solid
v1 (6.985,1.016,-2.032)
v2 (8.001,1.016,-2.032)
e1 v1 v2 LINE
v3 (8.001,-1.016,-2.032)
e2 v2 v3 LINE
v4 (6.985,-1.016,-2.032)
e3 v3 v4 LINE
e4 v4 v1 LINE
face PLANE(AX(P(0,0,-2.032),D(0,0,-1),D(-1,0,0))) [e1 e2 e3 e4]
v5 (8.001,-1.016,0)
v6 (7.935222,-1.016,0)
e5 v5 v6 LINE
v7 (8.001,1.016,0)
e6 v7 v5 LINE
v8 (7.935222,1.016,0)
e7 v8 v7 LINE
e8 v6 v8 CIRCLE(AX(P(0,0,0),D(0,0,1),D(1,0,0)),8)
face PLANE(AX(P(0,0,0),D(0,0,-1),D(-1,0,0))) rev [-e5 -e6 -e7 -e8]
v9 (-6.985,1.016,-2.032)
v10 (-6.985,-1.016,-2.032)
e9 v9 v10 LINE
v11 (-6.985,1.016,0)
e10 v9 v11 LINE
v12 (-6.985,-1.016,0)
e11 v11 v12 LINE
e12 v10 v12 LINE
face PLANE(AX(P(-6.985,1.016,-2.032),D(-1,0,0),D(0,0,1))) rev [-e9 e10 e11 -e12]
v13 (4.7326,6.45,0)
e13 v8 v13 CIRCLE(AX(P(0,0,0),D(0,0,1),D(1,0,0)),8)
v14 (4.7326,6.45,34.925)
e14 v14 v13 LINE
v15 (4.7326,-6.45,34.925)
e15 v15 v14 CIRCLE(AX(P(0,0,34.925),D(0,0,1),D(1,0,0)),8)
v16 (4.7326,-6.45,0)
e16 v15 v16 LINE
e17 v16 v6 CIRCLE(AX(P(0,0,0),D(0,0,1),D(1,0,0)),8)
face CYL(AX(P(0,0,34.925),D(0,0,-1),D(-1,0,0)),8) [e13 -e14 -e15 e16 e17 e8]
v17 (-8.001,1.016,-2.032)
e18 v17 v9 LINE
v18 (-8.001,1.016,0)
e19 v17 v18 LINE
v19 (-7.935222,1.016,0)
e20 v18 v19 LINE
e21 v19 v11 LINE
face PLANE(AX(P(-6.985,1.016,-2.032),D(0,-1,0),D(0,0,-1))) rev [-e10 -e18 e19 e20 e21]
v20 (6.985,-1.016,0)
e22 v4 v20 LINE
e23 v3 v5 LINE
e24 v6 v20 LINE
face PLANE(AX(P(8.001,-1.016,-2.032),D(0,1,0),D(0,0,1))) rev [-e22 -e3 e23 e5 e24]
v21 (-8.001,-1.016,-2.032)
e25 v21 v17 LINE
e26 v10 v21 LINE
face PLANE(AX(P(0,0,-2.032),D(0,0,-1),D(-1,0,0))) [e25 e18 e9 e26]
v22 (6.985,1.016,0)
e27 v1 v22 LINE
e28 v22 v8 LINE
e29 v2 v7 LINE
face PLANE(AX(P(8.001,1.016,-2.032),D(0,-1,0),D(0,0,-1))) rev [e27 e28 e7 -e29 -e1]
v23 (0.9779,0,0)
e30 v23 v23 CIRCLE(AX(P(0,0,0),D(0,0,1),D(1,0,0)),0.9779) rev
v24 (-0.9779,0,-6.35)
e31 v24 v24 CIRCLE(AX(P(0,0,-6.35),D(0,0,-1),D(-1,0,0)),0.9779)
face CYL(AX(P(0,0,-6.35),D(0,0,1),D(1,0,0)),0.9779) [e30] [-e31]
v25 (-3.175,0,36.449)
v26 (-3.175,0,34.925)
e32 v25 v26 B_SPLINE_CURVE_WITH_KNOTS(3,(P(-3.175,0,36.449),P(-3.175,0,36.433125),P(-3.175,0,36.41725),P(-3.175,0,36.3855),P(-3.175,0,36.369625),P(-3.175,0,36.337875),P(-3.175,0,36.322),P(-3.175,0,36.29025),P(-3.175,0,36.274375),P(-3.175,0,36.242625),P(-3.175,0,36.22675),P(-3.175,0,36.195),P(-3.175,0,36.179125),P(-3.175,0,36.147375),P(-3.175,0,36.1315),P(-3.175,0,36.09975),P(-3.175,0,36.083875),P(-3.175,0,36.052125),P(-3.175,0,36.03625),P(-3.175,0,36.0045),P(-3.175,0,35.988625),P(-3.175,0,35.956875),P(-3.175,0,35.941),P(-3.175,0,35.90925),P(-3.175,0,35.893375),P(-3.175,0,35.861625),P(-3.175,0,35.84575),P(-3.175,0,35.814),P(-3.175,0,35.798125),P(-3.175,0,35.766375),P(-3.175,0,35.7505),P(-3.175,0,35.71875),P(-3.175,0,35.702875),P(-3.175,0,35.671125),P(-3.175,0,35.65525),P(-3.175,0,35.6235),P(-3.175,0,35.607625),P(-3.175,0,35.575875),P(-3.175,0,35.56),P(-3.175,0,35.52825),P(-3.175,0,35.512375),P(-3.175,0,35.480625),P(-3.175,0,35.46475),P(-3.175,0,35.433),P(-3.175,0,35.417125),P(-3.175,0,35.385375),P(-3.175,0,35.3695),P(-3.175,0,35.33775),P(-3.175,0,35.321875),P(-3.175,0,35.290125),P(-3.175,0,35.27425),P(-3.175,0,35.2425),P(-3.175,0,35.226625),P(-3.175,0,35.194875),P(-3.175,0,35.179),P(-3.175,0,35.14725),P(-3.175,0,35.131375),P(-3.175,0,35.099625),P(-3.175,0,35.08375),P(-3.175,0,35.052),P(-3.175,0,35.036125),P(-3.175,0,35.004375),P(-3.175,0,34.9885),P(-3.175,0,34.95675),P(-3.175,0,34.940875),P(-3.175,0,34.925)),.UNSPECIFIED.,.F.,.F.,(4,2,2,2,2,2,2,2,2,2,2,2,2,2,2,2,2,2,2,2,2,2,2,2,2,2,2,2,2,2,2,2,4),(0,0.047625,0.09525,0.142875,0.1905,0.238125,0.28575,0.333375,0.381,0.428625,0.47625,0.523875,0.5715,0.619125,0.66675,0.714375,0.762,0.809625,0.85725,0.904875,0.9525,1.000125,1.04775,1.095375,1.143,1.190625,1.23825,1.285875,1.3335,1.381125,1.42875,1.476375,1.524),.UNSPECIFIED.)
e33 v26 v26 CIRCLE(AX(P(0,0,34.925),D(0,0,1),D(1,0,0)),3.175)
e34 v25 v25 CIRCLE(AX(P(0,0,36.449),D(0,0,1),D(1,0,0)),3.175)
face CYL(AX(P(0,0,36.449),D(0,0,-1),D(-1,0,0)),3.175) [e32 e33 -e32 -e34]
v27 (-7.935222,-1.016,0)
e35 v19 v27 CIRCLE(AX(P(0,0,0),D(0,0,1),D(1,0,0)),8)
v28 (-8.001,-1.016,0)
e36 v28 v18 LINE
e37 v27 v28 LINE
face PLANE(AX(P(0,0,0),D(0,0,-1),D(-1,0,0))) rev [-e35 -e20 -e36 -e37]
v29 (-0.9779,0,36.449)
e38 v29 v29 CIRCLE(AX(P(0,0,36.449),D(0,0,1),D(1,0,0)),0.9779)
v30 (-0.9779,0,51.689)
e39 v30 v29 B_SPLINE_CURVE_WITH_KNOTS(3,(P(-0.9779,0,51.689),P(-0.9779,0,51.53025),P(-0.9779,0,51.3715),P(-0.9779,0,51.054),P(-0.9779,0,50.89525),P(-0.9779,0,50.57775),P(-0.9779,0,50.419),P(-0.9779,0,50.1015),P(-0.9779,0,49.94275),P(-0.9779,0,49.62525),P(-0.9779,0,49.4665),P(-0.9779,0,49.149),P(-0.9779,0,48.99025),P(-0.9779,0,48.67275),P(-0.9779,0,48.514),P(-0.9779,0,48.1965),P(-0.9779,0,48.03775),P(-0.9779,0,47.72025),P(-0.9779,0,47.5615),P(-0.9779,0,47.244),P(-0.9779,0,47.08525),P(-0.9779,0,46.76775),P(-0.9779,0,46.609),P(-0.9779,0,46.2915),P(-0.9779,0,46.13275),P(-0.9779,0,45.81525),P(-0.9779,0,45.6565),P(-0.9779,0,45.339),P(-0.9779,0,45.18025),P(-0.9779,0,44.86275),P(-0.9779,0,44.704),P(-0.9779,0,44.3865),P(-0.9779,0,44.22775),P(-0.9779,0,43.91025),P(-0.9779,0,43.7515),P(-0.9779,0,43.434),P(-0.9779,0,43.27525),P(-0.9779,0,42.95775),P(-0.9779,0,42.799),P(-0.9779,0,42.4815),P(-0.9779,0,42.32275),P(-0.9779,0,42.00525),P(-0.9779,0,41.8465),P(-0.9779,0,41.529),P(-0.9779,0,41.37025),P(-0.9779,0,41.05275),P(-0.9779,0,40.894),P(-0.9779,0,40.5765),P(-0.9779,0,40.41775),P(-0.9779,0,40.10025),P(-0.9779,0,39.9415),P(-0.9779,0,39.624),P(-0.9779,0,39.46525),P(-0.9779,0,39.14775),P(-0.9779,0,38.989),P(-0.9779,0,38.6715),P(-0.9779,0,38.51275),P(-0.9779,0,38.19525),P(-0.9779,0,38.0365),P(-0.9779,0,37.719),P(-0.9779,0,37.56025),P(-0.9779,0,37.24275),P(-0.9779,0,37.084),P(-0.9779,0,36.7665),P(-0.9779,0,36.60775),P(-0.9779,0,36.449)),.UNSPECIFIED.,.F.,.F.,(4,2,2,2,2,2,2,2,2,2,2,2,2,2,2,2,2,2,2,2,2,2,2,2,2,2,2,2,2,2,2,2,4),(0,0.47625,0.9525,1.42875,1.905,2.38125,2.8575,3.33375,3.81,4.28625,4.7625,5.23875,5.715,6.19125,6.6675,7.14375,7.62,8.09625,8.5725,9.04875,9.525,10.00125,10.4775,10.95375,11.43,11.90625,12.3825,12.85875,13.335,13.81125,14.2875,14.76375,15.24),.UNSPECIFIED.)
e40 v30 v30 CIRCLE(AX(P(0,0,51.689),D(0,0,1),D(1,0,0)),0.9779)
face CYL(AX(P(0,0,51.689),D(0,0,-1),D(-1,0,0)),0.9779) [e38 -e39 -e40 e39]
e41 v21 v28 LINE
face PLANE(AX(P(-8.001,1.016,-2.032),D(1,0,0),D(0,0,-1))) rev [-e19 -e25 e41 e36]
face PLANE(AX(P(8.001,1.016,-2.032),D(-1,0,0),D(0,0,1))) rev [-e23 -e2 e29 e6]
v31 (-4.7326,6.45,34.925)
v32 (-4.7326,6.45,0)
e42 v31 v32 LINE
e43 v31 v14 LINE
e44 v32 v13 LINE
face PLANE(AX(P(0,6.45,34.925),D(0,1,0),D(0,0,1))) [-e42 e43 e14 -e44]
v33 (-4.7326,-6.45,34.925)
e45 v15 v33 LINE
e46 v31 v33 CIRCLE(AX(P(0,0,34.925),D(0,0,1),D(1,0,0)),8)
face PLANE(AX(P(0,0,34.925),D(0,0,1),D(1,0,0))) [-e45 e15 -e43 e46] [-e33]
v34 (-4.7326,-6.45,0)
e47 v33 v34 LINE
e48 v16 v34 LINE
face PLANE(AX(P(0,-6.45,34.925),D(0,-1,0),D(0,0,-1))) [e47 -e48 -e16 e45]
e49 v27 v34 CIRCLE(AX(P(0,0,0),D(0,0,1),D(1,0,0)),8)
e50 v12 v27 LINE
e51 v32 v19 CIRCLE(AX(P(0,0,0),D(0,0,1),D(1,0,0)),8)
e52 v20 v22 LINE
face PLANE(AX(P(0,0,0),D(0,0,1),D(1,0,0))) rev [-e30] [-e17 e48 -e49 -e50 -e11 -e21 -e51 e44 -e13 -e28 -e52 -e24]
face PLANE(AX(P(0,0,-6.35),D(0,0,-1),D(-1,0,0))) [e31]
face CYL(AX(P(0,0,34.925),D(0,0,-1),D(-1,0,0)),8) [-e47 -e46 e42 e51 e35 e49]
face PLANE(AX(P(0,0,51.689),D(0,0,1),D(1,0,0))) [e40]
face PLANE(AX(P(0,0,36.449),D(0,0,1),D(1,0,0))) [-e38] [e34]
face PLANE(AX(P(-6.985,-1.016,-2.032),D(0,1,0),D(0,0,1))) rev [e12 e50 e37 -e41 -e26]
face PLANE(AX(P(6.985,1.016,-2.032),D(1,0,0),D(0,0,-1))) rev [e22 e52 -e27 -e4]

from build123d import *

# Parameters (mm, degrees)
BOSS_EXTRUDE1_DEPTH = 34.925
SKETCH2_R           = 3.175
BOSS_EXTRUDE2_DEPTH = 1.524
SKETCH3_R           = 0.9779
BOSS_EXTRUDE3_DEPTH = 15.24
BOSS_EXTRUDE4_START = 6.35
SKETCH4_R           = 0.9779
BOSS_EXTRUDE4_DEPTH = 6.35
SKETCH5_W           = 1.016
SKETCH5_H           = 2.032
BOSS_EXTRUDE5_DEPTH = 2.032


with BuildPart() as part:
    # Sketch1 → Boss-Extrude1 (new body)
    with BuildSketch(Plane.XY):
        with BuildLine():
            Line((4.732599708, 6.45), (-4.732599708, 6.45))
            ThreePointArc((-4.732599708, 6.45), (-8, 0), (-4.732599708, -6.45))
            Line((-4.732599708, -6.45), (4.732599708, -6.45))
            ThreePointArc((4.732599708, -6.45), (7.136553708, -3.615190336), (8, 0))
            ThreePointArc((8, 0), (7.136553708, 3.615190336), (4.732599708, 6.45))
        make_face()
    extrude(amount=BOSS_EXTRUDE1_DEPTH)

    # Sketch2 → Boss-Extrude2 (add)
    with BuildSketch(Plane.XY.offset(34.925)):
        with Locations(Location((0, 0, 0), (0, 0, 180))):
            Circle(SKETCH2_R)
    extrude(amount=BOSS_EXTRUDE2_DEPTH)

    # Sketch3 → Boss-Extrude3 (add)
    with BuildSketch(Plane.XY.offset(36.449)):
        with Locations(Location((0, 0, 0), (0, 0, 180))):
            Circle(SKETCH3_R)
    extrude(amount=BOSS_EXTRUDE3_DEPTH)

    # Sketch4 → Boss-Extrude4 (add)
    with BuildSketch(Plane(origin=(0, 0, 0), x_dir=(-1, 0, 0), z_dir=(0, 0, -1)).offset(BOSS_EXTRUDE4_START)):
        Circle(SKETCH4_R)
    extrude(amount=-BOSS_EXTRUDE4_DEPTH)

    # Sketch5 → Boss-Extrude5 (add)
    with BuildSketch(Plane(origin=(0, 0, 0), x_dir=(-1, 0, 0), z_dir=(0, 0, -1))):
        with Locations((-7.493, 0)):
            Rectangle(SKETCH5_W, SKETCH5_H)
        with Locations((7.493, 0)):
            Rectangle(SKETCH5_W, SKETCH5_H)
    extrude(amount=BOSS_EXTRUDE5_DEPTH)


solid = part.part
